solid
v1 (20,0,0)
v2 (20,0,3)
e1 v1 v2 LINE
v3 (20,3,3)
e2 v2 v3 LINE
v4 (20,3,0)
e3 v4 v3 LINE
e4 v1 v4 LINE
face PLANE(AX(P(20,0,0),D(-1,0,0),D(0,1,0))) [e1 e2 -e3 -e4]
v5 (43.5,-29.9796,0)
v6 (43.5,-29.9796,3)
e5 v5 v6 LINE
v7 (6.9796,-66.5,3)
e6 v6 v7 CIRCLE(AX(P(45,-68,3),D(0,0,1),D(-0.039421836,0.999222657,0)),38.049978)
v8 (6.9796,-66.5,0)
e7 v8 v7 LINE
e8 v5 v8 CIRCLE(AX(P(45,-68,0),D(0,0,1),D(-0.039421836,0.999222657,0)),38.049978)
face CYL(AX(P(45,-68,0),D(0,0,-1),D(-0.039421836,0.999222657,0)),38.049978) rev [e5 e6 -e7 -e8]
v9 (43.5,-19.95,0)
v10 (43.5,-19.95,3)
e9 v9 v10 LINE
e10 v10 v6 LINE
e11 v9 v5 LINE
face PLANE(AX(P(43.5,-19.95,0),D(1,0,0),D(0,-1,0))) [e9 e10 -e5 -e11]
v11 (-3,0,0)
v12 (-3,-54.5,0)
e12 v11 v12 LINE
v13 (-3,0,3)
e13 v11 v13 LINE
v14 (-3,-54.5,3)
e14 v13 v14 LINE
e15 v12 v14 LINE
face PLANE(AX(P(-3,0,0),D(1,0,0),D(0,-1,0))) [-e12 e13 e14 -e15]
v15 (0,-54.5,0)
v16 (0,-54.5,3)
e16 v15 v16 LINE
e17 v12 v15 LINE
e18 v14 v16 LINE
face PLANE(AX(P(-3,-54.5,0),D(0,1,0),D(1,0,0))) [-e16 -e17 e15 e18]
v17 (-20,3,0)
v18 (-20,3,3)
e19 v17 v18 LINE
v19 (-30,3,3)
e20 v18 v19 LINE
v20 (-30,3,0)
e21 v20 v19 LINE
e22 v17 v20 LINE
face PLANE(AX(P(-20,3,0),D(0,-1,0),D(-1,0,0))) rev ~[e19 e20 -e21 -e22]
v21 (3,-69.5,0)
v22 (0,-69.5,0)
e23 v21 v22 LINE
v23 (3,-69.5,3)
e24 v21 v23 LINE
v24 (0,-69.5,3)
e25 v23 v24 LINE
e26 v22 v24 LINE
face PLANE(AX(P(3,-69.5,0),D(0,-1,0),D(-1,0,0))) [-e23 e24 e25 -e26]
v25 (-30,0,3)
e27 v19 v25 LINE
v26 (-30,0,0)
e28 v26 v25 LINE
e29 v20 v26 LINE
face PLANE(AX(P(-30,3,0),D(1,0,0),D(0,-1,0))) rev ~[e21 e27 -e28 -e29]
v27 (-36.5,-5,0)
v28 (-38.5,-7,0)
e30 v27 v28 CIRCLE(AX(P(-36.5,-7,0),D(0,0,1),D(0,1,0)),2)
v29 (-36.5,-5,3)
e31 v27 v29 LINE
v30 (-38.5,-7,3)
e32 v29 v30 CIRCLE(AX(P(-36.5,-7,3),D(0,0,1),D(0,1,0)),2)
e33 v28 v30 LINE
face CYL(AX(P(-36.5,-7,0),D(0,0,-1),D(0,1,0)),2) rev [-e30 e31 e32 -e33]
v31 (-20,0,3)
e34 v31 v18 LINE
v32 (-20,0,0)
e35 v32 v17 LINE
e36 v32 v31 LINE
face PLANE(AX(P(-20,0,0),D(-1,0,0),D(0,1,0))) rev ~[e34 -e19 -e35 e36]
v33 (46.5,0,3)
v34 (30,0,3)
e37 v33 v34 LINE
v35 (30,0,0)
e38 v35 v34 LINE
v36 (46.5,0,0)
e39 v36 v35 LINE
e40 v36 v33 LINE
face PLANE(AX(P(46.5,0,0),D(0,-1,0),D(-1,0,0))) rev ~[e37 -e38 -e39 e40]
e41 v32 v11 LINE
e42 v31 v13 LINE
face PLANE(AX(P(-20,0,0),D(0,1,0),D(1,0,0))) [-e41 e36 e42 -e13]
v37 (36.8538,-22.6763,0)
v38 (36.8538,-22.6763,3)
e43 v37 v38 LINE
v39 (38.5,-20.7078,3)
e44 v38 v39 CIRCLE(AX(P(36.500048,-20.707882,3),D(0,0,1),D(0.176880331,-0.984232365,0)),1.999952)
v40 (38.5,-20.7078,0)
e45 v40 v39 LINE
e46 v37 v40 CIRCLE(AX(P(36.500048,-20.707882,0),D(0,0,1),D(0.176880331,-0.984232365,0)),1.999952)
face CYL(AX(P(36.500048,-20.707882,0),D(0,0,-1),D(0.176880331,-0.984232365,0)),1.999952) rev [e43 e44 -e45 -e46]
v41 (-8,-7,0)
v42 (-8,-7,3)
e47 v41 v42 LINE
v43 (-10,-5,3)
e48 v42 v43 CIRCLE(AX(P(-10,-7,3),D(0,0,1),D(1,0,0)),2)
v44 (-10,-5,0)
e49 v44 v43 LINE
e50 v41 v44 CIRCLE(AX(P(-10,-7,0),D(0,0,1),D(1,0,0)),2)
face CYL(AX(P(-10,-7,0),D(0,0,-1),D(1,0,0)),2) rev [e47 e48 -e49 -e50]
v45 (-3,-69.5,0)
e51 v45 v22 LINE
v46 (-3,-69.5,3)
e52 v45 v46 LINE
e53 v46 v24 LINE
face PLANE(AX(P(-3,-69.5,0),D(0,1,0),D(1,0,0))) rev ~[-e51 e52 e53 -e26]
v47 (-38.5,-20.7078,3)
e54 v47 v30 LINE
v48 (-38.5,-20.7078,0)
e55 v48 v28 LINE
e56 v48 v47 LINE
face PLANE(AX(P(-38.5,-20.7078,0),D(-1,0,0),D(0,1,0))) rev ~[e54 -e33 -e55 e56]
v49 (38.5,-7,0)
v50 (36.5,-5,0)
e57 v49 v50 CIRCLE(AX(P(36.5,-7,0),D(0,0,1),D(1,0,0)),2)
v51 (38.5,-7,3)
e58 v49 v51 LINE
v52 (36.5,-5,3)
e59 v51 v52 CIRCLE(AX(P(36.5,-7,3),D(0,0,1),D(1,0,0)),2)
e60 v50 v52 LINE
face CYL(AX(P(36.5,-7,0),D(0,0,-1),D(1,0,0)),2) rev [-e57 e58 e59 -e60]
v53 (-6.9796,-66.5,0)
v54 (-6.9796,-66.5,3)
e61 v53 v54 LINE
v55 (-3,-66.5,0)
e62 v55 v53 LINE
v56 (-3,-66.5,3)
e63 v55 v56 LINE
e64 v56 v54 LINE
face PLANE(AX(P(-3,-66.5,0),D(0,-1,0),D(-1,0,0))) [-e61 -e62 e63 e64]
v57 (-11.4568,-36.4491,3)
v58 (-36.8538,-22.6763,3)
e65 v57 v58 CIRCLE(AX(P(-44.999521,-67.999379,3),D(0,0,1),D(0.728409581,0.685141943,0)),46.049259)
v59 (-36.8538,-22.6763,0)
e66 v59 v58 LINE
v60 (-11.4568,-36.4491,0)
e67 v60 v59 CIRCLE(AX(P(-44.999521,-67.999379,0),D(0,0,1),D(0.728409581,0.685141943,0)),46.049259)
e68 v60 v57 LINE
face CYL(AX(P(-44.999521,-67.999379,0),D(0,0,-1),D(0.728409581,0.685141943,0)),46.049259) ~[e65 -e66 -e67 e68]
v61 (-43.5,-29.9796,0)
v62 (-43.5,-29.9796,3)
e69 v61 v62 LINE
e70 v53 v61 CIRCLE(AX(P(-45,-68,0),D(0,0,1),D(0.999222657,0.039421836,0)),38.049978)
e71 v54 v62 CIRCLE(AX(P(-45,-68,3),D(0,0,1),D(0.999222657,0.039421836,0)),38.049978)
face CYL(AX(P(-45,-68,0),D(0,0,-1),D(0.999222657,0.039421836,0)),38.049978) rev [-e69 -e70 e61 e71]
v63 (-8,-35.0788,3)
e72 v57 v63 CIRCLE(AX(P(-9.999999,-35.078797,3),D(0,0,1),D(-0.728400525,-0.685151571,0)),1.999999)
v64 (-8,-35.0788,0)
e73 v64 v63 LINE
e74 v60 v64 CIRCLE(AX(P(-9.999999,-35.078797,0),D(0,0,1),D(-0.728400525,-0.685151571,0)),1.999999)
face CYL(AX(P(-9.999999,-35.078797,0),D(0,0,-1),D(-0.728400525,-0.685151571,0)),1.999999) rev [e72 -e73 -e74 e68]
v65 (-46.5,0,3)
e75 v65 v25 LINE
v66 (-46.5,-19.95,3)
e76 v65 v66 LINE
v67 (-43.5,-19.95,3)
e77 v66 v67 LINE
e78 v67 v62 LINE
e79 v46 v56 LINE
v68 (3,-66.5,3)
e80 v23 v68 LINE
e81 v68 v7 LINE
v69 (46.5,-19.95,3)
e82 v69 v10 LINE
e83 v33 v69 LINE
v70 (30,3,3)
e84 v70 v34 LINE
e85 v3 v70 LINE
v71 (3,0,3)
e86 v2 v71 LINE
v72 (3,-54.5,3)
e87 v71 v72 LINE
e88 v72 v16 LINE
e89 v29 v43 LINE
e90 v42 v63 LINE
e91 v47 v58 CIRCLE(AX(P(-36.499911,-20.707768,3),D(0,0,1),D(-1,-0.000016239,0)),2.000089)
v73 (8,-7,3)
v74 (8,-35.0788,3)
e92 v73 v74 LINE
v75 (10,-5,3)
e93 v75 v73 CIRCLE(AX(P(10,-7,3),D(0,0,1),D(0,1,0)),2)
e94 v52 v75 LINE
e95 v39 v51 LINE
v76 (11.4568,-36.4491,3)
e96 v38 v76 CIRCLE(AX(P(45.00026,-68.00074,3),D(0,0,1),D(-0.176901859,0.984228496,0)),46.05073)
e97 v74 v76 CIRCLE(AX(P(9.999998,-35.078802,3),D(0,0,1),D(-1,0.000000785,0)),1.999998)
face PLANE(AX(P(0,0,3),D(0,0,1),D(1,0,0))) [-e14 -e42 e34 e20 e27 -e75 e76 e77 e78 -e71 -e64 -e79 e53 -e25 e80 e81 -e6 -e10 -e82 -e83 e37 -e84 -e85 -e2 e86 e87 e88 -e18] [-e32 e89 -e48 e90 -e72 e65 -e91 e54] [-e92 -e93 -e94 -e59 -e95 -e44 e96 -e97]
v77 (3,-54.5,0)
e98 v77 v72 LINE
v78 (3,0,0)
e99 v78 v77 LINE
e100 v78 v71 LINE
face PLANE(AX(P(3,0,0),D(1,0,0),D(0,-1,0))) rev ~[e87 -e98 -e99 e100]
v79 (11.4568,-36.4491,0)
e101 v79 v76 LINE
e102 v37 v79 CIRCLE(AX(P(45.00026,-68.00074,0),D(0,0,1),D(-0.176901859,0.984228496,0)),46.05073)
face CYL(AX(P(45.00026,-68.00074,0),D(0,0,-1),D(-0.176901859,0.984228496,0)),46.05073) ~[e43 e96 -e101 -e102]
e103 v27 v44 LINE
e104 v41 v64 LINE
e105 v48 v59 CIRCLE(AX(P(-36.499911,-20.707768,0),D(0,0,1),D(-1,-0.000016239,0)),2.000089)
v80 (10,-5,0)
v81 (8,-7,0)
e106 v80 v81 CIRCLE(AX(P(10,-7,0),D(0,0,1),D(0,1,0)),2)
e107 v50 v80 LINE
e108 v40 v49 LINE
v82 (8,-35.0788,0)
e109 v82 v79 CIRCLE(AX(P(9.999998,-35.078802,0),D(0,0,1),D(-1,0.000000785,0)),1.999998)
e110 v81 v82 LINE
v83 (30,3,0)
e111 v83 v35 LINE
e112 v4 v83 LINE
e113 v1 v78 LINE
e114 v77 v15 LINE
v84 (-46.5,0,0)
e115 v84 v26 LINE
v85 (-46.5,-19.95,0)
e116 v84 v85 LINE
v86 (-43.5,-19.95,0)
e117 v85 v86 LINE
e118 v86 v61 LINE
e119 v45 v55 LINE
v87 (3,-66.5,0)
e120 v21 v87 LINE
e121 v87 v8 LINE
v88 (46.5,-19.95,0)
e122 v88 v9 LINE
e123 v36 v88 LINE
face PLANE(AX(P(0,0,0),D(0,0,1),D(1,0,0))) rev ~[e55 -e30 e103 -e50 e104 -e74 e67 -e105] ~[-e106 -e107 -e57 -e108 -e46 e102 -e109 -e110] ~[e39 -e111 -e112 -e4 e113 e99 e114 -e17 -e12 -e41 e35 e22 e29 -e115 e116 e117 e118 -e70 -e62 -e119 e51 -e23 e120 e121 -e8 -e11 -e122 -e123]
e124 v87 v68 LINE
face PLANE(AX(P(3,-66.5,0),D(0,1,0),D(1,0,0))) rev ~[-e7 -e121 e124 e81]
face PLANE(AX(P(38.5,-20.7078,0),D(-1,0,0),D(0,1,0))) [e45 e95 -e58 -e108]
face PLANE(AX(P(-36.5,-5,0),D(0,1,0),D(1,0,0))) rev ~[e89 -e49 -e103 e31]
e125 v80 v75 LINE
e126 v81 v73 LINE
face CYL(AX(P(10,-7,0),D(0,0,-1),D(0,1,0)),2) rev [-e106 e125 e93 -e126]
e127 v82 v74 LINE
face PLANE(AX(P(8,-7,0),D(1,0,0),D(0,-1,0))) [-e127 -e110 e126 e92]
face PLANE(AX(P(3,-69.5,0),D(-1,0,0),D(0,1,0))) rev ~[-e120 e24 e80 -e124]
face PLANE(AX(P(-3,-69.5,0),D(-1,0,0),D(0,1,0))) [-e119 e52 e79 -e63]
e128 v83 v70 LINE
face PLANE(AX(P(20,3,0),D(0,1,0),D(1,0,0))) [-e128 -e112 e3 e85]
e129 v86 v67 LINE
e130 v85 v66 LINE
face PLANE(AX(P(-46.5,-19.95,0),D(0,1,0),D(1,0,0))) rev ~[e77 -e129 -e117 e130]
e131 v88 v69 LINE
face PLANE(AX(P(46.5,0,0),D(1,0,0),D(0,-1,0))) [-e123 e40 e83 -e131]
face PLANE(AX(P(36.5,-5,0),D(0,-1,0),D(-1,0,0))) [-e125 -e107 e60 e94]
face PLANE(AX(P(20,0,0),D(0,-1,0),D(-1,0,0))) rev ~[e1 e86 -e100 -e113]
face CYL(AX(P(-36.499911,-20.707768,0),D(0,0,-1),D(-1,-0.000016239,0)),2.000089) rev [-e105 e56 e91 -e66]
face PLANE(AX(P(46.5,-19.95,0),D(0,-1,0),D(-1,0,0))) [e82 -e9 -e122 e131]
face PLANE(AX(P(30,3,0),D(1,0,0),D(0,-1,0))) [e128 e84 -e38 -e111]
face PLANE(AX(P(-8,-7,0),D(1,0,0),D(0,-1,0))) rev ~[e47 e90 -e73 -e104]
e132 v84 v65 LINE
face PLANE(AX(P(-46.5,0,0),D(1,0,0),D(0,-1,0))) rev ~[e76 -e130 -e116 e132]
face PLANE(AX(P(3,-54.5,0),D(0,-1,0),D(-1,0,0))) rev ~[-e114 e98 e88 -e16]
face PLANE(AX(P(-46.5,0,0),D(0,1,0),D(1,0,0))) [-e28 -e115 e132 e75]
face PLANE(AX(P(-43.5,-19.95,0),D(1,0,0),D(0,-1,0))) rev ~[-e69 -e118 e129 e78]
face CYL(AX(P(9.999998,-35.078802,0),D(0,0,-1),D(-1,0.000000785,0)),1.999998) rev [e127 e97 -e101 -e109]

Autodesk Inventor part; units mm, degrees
ref_plane "YZ Plane" through (0, 0, 0) normal (1, 0, 0) x (0, 1, 0)
ref_plane "XZ Plane" through (0, 0, 0) normal (0, 1, 0) x (-1, 0, 0)
ref_plane "XY Plane" through (0, 0, 0) normal (0, 0, 1) x (1, 0, 0)
sketch "Sketch1" plane through (0, 0, 0) normal (0, 0, 1) x (1, 0, 0)
  line L0 (-46.5, 0) -> (-46.5, -19.95)
  line L1 (-46.5, -19.95) -> (-43.5, -19.95)
  arc A0 (-6.9796, -66.5) -> (-43.5, -29.9796) centre (-45, -68) ccw
  line L2 (-43.5, -19.95) -> (-43.5, -29.9796)
  line L3 (-3, 0) -> (-3, -54.5)
  line L4 (-3, -54.5) -> (0, -54.5)
  line L5 (-20, 0) -> (-20, 3)
  line L6 (-20, 3) -> (-30, 3)
  line L7 (-30, 3) -> (-30, 0)
  line L8 (-46.5, 0) -> (-30, 0)
  line L9 (-20, 0) -> (-3, 0)
  line L10 (-3, -69.5) -> (-3, -66.5)
  line L11 (-38.5, -20.7078) -> (-38.5, -7)
  line L12 (-36.5, -5) -> (-10, -5)
  line L13 (-8, -7) -> (-8, -35.0788)
  arc A1 (-11.4568, -36.4491) -> (-36.8538, -22.6763) centre (-45, -68) ccw
  arc A2 (-38.5, -20.7078) -> (-36.8538, -22.6763) centre (-36.5, -20.7078) ccw
  arc A3 (-36.5, -5) -> (-38.5, -7) centre (-36.5, -7) ccw
  arc A4 (-8, -7) -> (-10, -5) centre (-10, -7) ccw
  arc A5 (-11.4568, -36.4491) -> (-8, -35.0788) centre (-10, -35.0788) ccw
  line L14 (-3, -66.5) -> (-6.9796, -66.5)
  line L15 (-3, -69.5) -> (0, -69.5)
  line L16 (46.5, 0) -> (46.5, -19.95)
  line L17 (46.5, -19.95) -> (43.5, -19.95)
  arc A6 (43.5, -29.9796) -> (6.9796, -66.5) centre (45, -68) ccw
  line L18 (43.5, -19.95) -> (43.5, -29.9796)
  line L19 (3, 0) -> (3, -54.5)
  line L20 (3, -54.5) -> (0, -54.5)
  line L21 (20, 0) -> (20, 3)
  line L22 (20, 3) -> (30, 3)
  line L23 (30, 3) -> (30, 0)
  line L24 (46.5, 0) -> (30, 0)
  line L25 (20, 0) -> (3, 0)
  line L26 (3, -69.5) -> (3, -66.5)
  line L27 (38.5, -20.7078) -> (38.5, -7)
  line L28 (36.5, -5) -> (10, -5)
  line L29 (8, -7) -> (8, -35.0788)
  arc A7 (36.8538, -22.6763) -> (11.4568, -36.4491) centre (45, -68) ccw
  arc A8 (36.8538, -22.6763) -> (38.5, -20.7078) centre (36.5, -20.7078) ccw
  arc A9 (38.5, -7) -> (36.5, -5) centre (36.5, -7) ccw
  arc A10 (10, -5) -> (8, -7) centre (10, -7) ccw
  arc A11 (8, -35.0788) -> (11.4568, -36.4491) centre (10, -35.0788) ccw
  line L30 (3, -66.5) -> (6.9796, -66.5)
  line L31 (3, -69.5) -> (0, -69.5)
  point P0 (0, 0)
  point P1 (-8, -40.5846)
  point P2 (-38.5, -22.411)
  point P3 (8, -40.5846)
  point P4 (38.5, -22.411)
  dimension "d1" = 46.5
  dimension "d3" = 3
  dimension "d5" = 76.1
  dimension "d7" = 45
  dimension "d10" = 10
  dimension "d24" = 10
  dimension "d25" = 20
  dimension "d29" = 3
  dimension "d32" = 8
  dimension "d33" = 5
  dimension "d36" = 17
  dimension "d37" = 16.5
  dimension "d38" = 19.95
  dimension "d39" = 5
  dimension "d40" = 2
  dimension "d45" = 8
  dimension "d49" = 69.5
  dimension "d50" = 15
extrude "Extrusion4" add sketch "Sketch1" along normal blind 3
properties part number "OpenROV 2_2 Aft Ducting Brace"
